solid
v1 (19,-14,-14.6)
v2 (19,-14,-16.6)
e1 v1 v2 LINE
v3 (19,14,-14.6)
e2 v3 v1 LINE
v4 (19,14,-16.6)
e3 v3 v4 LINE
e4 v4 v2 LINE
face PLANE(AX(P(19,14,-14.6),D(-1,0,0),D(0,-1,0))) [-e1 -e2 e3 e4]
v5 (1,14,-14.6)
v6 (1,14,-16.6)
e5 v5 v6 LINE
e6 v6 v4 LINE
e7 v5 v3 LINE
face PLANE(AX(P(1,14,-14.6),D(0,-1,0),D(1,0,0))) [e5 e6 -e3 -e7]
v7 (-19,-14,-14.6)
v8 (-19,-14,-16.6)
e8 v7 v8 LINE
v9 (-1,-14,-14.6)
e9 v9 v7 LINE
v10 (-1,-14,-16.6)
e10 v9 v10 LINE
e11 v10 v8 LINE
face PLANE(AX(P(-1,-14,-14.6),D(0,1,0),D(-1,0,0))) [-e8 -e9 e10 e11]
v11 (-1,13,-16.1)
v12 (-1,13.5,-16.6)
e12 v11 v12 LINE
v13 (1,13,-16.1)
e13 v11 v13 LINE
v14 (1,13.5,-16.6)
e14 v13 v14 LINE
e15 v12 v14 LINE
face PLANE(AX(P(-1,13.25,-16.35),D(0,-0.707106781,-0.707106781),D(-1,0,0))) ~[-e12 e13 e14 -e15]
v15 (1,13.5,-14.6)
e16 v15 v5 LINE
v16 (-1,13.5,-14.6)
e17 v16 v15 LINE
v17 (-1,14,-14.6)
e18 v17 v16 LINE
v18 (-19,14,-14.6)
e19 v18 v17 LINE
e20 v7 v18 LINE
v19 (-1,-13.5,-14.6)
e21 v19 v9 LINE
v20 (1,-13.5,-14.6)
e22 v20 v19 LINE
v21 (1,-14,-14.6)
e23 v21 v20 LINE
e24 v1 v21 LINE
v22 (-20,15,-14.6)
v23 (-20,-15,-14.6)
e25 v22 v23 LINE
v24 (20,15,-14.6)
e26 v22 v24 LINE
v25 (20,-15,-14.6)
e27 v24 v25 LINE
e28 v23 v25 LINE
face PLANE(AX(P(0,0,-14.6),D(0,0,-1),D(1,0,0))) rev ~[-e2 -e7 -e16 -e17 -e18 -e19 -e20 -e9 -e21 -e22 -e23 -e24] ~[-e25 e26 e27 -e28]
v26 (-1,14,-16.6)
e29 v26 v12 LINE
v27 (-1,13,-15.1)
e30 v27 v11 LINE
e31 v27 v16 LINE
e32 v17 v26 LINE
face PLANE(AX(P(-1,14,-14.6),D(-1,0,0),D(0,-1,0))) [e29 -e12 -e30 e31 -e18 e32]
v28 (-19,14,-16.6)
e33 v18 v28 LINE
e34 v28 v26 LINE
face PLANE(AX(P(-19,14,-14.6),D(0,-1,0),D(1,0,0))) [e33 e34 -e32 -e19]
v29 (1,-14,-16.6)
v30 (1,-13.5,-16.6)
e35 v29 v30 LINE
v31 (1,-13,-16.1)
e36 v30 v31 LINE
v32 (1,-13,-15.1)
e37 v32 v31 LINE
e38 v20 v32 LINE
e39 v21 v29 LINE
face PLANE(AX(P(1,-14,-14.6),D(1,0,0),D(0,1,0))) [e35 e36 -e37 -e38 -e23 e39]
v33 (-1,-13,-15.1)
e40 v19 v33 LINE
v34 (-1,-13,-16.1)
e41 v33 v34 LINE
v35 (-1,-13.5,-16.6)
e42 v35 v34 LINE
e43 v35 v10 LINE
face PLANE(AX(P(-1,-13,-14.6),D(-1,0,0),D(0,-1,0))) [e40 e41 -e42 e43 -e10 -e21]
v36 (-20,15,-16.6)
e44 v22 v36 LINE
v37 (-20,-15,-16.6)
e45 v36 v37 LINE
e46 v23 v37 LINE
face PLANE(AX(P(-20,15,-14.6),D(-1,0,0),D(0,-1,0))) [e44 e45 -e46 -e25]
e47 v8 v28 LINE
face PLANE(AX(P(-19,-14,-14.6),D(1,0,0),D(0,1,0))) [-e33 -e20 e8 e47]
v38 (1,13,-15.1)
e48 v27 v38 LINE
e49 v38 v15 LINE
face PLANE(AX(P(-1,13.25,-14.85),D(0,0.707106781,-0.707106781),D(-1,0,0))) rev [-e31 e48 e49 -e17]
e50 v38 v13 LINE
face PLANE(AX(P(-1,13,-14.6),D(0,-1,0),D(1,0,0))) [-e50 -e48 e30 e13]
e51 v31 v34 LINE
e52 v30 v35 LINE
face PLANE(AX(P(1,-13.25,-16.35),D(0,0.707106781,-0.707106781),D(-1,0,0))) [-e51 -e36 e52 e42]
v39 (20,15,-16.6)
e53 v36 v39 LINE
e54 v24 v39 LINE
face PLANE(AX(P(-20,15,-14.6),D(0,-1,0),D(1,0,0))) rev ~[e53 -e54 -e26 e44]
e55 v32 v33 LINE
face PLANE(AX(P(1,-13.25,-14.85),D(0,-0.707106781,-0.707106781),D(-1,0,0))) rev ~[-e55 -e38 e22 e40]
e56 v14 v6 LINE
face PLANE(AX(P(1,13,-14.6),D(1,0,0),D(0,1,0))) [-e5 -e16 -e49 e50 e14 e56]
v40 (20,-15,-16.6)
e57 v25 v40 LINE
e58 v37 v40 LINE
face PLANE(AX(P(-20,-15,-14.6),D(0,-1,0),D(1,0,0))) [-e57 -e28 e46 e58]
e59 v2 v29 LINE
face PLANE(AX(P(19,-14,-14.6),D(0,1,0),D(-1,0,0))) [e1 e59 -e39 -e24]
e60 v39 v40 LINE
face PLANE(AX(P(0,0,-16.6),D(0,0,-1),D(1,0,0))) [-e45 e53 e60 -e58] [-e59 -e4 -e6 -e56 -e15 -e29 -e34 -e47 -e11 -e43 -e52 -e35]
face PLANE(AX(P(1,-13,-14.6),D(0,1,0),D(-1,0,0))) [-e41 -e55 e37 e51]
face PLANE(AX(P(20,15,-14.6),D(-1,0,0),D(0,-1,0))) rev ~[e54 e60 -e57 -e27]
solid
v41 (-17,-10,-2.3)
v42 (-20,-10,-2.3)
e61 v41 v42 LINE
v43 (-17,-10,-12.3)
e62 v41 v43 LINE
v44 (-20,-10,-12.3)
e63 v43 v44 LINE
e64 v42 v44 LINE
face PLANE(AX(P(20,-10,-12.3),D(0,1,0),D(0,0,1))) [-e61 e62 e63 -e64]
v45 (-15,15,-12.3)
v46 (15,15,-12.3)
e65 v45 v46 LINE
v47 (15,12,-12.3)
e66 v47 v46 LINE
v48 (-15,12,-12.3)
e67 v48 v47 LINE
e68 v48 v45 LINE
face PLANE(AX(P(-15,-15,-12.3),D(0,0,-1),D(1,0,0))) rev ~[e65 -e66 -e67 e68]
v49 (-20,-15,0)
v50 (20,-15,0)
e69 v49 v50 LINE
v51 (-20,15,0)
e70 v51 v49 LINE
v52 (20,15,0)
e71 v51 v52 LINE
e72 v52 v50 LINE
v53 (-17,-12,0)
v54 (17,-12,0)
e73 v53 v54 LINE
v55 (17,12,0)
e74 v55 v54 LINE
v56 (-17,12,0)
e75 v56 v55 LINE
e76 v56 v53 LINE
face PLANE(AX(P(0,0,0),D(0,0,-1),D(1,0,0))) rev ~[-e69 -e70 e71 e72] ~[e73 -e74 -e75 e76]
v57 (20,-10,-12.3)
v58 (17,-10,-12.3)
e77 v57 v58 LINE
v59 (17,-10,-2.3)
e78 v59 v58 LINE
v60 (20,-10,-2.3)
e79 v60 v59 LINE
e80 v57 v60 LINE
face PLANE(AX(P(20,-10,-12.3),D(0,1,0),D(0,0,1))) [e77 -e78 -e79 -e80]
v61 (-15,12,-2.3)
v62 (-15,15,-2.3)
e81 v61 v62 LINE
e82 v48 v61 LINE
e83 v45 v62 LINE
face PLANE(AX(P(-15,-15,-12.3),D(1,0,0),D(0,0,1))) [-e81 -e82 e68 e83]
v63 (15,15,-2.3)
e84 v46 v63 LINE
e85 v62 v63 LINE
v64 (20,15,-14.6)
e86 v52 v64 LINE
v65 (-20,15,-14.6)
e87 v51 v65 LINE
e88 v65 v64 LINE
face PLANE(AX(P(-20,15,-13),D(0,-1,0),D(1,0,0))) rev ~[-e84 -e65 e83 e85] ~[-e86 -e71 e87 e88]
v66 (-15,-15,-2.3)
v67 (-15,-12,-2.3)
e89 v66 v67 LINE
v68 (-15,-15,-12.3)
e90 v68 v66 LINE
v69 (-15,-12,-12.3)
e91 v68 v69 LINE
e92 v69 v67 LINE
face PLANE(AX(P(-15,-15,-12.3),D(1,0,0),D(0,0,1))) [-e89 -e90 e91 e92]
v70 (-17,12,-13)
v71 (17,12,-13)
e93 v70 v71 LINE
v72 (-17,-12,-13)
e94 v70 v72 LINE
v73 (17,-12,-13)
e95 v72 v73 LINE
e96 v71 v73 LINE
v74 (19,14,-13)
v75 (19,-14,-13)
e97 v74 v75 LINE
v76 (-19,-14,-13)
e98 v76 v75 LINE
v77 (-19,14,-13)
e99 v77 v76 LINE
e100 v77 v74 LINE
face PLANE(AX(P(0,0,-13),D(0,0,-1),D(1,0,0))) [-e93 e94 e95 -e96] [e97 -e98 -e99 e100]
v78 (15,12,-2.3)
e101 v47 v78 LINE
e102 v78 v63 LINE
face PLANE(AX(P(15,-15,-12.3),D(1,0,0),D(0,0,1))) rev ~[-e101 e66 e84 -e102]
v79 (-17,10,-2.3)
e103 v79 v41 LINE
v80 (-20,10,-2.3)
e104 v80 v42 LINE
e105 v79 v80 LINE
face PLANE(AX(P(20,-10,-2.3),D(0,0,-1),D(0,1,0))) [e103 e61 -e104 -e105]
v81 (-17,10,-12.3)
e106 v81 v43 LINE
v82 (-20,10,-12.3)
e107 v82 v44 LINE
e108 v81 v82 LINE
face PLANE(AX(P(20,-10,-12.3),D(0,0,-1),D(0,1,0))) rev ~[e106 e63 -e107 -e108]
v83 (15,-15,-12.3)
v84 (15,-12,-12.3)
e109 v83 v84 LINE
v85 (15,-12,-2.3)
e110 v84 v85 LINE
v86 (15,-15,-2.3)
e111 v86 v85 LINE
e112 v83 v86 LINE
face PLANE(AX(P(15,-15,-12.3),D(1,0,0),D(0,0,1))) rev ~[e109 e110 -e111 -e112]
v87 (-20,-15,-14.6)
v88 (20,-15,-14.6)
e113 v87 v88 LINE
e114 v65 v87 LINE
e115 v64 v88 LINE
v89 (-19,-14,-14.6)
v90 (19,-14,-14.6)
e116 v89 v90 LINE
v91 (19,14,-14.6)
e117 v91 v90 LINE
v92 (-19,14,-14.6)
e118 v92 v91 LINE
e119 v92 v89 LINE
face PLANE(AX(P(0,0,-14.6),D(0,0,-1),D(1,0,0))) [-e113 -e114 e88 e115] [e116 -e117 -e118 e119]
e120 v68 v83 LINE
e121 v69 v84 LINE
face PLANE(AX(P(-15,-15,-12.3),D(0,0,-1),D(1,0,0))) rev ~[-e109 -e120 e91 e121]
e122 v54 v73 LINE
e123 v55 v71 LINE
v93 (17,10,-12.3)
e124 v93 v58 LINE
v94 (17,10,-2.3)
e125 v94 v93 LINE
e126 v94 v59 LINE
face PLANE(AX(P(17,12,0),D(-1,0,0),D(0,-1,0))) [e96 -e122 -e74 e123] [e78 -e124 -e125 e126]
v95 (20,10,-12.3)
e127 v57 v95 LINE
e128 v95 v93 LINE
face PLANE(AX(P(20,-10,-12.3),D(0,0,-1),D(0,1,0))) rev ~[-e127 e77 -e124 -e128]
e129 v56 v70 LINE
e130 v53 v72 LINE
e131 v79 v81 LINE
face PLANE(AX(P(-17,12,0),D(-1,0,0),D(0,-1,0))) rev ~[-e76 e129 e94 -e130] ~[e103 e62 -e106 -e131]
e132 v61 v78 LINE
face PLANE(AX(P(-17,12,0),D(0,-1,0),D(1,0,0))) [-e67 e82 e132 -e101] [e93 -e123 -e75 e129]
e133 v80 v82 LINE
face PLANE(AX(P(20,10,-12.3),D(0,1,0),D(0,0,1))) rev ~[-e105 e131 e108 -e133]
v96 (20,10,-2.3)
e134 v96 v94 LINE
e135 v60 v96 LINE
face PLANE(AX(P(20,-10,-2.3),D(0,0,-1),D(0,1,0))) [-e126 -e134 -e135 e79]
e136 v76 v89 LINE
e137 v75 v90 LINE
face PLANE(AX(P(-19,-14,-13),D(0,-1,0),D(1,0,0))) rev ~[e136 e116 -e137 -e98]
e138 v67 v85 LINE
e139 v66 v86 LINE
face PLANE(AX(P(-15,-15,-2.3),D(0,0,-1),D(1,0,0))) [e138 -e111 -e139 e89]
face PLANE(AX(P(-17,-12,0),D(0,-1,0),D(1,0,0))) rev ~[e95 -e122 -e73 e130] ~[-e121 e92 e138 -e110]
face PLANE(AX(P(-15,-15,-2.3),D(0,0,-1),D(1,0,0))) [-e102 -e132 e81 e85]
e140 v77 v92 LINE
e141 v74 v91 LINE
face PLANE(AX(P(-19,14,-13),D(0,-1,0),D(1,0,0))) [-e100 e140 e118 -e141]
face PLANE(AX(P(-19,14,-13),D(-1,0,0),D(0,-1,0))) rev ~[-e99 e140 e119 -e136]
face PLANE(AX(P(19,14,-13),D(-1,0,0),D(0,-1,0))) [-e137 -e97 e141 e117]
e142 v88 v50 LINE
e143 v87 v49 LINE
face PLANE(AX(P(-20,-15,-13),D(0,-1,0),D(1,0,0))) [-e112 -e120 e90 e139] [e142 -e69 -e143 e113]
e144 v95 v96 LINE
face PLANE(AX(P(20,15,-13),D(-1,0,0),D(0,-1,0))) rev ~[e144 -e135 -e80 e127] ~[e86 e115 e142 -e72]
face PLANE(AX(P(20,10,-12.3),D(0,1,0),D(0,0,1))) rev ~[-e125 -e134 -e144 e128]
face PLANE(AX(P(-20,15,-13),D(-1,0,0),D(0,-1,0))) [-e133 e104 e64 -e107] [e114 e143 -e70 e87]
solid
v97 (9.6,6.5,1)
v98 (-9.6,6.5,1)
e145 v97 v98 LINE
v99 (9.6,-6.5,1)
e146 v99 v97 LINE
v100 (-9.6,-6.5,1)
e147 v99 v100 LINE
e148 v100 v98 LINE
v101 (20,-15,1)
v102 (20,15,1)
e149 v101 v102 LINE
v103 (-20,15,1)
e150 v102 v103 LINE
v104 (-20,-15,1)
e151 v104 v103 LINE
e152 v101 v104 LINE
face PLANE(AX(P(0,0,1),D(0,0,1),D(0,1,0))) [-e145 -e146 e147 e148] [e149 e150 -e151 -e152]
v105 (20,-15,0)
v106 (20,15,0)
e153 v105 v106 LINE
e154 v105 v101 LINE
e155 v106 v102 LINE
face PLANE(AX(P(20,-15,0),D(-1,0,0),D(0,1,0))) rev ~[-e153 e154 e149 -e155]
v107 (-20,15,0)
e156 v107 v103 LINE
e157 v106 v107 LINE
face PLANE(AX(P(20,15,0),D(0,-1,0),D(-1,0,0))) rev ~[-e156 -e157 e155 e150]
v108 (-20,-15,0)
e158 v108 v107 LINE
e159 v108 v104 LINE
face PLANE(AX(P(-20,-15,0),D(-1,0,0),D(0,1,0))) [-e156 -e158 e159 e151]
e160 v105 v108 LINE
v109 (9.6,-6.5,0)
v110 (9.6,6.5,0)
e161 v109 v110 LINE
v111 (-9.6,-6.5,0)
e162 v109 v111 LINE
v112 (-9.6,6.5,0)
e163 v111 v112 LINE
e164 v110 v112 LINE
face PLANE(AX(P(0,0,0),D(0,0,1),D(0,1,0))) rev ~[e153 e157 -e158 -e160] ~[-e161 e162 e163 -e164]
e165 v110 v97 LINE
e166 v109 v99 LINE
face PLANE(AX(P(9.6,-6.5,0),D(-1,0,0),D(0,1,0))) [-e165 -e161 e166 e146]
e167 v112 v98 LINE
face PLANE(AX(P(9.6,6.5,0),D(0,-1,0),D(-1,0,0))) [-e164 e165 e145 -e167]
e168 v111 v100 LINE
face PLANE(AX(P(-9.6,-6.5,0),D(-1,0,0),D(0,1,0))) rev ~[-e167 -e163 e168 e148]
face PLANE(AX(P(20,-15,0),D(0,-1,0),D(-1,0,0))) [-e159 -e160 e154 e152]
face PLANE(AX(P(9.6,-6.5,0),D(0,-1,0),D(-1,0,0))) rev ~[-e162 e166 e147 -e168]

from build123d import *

# Parameters (mm, degrees)
SKETCH1_W           = 30
SKETCH1_H           = 40
SKETCH1_W_2         = 13
SKETCH1_H_2         = 19.2
BOSS_EXTRUDE1_DEPTH = 1
SKETCH2_W           = 40
SKETCH2_H           = 30
SKETCH2_W_2         = 34
SKETCH2_H_2         = 24
BOSS_EXTRUDE2_DEPTH = 13
SKETCH3_W           = 40
SKETCH3_H           = 30
SKETCH3_W_2         = 38
SKETCH3_H_2         = 28
BOSS_EXTRUDE3_DEPTH = 1.6
SKETCH4_W           = 40
SKETCH4_H           = 30
BOSS_EXTRUDE4_DEPTH = 2
CHAMFER1_SIZE       = 0.5
CHAMFER2_SIZE       = 0.5
SKETCH5_W           = 30
SKETCH5_H           = 10
CUT_EXTRUDE1_DEPTH  = 70
SKETCH6_W           = 20
SKETCH6_H           = 10
CUT_EXTRUDE2_DEPTH  = 70


with BuildPart() as part:
    # Sketch1 → Boss-Extrude1 (new body)
    with BuildSketch(Plane(origin=(0, 0, 0), x_dir=(0, 1, 0), z_dir=(0, 0, 1))):
        Rectangle(SKETCH1_W, SKETCH1_H)
        Rectangle(SKETCH1_W_2, SKETCH1_H_2, mode=Mode.SUBTRACT)
    extrude(amount=BOSS_EXTRUDE1_DEPTH)


with BuildPart() as body_2:
    # Sketch2 → Boss-Extrude2 (new body)
    with BuildSketch(Plane(origin=(0, 0, 0), x_dir=(1, 0, 0), z_dir=(0, 0, -1))):
        Rectangle(SKETCH2_W, SKETCH2_H)
        Rectangle(SKETCH2_W_2, SKETCH2_H_2, mode=Mode.SUBTRACT)
    extrude(amount=BOSS_EXTRUDE2_DEPTH)

    # Sketch3 → Boss-Extrude3 (add)
    with BuildSketch(Plane(origin=(0, 0, -13), x_dir=(1, 0, 0), z_dir=(0, 0, -1))):
        Rectangle(SKETCH3_W, SKETCH3_H)
        Rectangle(SKETCH3_W_2, SKETCH3_H_2, mode=Mode.SUBTRACT)
    extrude(amount=BOSS_EXTRUDE3_DEPTH)

    # Sketch5 → Cut-Extrude1 (cut)
    with BuildSketch(Plane.XZ.offset(15)):
        with Locations((0, -7.3)):
            Rectangle(SKETCH5_W, SKETCH5_H)
    extrude(amount=-CUT_EXTRUDE1_DEPTH, mode=Mode.SUBTRACT)

    # Sketch6 → Cut-Extrude2 (cut)
    with BuildSketch(Plane.YZ.offset(20)):
        with Locations((0, -7.3)):
            Rectangle(SKETCH6_W, SKETCH6_H)
    extrude(amount=-CUT_EXTRUDE2_DEPTH, mode=Mode.SUBTRACT)


with BuildPart() as body_3:
    # Sketch4 → Boss-Extrude4 (new body)
    with BuildSketch(Plane(origin=(0, 0, -14.6), x_dir=(1, 0, 0), z_dir=(0, 0, -1))):
        Rectangle(SKETCH4_W, SKETCH4_H)
        Polygon((19, -14), (19, 14), (1, 14), (1, 13), (-1, 13), (-1, 14), (-19, 14), (-19, -14), (-1, -14), (-1, -13), (1, -13), (1, -14), align=None, mode=Mode.SUBTRACT)
    extrude(amount=BOSS_EXTRUDE4_DEPTH)

    # Chamfer1
    chamfer1_edges = [body_3.edges().sort_by_distance(p)[0] for p in [
        (0, 13, -14.6),
        (0, 13, -16.6),
    ]]
    chamfer(chamfer1_edges, length=CHAMFER1_SIZE)

    # Chamfer2
    chamfer2_edges = [body_3.edges().sort_by_distance(p)[0] for p in [
        (0, -13, -14.6),
        (0, -13, -16.6),
    ]]
    chamfer(chamfer2_edges, length=CHAMFER2_SIZE)


solid = Compound([part.part, body_2.part, body_3.part])
